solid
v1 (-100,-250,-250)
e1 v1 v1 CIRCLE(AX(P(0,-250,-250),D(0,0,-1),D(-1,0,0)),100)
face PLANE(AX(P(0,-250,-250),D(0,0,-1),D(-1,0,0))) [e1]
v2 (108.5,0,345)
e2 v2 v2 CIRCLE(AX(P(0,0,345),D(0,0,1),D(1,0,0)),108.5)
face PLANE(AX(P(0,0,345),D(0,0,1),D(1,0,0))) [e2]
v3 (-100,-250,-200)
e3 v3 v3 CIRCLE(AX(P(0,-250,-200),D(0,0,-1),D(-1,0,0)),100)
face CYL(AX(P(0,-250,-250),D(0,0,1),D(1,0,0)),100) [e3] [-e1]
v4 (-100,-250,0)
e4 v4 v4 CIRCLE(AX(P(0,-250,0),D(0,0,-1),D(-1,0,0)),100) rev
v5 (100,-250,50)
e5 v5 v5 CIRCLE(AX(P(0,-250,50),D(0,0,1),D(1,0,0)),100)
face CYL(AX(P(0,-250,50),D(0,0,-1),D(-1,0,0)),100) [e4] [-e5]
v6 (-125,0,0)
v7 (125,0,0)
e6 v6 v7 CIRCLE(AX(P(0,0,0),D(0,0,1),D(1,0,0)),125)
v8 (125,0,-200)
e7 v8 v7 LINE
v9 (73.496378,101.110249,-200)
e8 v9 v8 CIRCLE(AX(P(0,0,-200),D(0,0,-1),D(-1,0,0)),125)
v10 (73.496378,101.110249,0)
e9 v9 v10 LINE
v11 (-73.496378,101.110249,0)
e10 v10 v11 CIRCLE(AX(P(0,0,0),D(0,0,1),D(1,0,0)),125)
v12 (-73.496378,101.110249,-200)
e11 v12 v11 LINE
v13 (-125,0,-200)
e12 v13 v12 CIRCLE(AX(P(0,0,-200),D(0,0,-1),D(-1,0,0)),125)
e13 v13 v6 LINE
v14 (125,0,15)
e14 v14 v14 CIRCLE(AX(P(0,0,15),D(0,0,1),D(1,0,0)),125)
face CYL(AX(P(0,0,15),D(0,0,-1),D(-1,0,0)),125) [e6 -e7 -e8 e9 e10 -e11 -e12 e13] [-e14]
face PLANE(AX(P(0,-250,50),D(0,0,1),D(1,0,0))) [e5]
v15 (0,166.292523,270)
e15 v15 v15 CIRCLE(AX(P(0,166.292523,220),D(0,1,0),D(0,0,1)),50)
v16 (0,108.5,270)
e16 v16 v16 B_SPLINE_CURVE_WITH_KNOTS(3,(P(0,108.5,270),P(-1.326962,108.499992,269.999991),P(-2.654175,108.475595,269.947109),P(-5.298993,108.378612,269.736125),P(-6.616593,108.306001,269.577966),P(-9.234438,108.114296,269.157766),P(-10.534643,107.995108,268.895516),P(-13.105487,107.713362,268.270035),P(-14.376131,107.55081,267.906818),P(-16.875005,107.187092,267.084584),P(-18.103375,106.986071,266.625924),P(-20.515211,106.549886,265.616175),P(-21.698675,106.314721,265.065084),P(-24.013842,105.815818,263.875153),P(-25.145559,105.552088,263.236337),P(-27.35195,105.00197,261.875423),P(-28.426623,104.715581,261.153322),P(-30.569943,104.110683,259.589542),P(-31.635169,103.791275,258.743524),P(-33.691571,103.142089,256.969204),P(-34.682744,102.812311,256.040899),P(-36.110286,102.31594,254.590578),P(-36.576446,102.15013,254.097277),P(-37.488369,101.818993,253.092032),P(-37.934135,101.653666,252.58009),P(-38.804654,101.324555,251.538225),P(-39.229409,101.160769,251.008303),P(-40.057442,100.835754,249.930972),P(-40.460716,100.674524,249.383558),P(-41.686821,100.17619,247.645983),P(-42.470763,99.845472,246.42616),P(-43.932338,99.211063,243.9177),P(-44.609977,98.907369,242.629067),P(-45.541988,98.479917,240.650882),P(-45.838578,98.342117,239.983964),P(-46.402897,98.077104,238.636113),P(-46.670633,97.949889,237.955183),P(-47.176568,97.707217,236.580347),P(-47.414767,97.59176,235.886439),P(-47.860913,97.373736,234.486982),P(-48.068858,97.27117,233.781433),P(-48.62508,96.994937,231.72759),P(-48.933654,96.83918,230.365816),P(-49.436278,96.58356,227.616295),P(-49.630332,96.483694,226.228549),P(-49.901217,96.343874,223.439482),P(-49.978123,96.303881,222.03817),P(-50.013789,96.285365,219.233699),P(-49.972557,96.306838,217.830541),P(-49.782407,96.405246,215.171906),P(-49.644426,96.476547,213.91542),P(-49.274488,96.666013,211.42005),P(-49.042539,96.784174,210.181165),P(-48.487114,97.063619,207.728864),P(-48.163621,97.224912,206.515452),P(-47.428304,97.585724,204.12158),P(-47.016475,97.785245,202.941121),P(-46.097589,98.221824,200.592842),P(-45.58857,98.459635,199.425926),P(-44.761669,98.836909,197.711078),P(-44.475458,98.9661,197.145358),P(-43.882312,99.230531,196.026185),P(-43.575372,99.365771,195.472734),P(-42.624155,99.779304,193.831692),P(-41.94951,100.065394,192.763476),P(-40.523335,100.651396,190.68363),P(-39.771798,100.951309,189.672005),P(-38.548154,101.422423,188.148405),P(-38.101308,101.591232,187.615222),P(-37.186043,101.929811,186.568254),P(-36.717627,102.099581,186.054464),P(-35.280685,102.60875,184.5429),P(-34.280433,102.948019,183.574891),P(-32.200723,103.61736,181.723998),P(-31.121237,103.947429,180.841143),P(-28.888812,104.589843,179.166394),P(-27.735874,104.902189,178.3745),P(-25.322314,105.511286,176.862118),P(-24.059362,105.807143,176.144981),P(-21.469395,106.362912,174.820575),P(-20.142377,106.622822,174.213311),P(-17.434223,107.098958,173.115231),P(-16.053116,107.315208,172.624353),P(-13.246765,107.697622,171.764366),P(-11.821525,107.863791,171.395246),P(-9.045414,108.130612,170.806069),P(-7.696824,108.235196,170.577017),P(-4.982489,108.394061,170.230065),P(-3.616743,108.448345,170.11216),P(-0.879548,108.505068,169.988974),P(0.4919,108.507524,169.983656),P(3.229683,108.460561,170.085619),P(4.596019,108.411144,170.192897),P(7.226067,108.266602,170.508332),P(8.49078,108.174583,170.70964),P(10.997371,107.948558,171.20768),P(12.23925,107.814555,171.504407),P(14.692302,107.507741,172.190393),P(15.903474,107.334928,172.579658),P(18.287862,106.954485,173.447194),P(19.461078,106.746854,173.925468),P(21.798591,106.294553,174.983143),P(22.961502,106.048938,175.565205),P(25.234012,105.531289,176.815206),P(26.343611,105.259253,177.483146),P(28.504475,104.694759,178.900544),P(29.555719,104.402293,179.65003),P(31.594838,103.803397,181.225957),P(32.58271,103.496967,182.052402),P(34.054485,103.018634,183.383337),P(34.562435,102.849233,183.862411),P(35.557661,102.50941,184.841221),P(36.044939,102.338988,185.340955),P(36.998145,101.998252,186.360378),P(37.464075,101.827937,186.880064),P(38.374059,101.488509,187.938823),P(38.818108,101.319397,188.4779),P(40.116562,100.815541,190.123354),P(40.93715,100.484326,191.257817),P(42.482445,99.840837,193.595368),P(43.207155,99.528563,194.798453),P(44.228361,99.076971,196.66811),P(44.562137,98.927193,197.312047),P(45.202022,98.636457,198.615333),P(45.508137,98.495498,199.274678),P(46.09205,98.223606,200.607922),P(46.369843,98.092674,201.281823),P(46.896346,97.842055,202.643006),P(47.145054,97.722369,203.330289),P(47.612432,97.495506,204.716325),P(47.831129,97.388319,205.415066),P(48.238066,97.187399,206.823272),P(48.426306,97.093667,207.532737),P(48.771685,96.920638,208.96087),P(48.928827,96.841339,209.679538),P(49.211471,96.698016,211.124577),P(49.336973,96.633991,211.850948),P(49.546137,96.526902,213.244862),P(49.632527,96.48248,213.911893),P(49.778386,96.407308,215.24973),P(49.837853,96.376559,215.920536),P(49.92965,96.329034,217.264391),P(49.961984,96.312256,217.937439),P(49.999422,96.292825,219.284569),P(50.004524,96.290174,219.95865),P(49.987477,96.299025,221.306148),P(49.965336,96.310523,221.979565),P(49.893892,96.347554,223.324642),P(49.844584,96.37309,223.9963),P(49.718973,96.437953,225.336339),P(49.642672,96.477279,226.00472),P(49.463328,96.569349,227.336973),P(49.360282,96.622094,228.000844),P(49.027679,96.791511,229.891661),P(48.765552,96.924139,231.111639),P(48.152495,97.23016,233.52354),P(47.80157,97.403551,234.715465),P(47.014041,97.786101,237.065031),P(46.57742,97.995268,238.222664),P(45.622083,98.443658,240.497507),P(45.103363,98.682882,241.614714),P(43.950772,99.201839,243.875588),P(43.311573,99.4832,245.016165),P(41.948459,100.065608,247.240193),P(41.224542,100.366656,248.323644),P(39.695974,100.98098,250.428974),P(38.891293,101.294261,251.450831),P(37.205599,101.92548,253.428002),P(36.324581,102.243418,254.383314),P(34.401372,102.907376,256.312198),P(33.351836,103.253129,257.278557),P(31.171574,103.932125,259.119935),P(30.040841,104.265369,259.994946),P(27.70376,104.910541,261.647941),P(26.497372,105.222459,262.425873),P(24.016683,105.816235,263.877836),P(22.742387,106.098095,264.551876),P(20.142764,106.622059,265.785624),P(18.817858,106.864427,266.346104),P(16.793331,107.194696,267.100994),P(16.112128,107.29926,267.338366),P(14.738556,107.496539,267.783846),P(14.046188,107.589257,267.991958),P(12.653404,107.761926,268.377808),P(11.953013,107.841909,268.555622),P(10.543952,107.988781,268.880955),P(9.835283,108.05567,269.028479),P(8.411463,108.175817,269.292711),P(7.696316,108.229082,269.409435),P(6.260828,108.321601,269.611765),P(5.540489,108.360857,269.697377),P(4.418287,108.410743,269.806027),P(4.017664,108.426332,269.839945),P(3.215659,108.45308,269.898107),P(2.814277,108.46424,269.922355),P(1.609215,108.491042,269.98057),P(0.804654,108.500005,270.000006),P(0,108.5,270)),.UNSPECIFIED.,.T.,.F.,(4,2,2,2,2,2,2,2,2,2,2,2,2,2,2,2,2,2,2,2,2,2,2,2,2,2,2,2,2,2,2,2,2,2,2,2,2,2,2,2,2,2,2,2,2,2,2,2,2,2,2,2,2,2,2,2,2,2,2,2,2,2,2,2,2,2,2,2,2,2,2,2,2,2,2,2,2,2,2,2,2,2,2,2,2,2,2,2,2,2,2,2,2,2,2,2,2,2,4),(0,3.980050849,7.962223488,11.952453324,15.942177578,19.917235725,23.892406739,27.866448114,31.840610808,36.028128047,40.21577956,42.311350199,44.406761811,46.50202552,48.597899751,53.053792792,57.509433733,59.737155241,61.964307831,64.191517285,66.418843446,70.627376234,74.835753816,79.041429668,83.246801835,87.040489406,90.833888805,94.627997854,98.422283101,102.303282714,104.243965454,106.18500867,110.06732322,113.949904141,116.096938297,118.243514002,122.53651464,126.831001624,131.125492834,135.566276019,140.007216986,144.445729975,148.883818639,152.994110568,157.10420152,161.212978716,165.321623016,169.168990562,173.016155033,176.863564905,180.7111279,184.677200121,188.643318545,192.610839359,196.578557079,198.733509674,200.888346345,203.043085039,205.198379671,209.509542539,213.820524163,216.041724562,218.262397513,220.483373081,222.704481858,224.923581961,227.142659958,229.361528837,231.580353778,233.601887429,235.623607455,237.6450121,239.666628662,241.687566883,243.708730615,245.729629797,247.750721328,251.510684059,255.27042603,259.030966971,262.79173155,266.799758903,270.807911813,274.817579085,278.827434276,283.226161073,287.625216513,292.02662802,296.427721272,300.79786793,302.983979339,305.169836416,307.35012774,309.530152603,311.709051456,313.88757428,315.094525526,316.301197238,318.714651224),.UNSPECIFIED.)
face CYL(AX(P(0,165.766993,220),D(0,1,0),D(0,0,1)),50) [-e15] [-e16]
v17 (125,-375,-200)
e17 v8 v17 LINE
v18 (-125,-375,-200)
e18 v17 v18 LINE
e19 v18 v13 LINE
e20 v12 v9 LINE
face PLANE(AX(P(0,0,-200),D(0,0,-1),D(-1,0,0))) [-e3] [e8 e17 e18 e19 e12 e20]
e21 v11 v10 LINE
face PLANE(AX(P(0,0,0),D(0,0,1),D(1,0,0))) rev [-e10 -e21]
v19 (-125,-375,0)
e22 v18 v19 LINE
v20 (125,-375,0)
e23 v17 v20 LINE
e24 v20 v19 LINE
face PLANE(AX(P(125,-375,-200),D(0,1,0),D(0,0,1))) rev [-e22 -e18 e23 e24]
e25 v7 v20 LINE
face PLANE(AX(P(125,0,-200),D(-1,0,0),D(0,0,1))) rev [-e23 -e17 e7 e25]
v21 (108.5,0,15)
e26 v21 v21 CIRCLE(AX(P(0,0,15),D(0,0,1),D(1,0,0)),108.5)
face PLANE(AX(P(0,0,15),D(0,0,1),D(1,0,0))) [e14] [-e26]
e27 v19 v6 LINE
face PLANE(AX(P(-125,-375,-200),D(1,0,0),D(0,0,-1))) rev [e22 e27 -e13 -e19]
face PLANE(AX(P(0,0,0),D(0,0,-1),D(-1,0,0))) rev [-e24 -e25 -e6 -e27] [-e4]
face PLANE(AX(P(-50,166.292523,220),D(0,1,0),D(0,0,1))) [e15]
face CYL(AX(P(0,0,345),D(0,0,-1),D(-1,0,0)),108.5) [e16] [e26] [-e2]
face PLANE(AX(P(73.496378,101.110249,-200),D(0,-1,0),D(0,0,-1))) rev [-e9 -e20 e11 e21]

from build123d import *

# Parameters (mm, degrees)
SKETCH_1_R      = 125
EXTRUDE_1_DEPTH = 15
SKETCH_2_R      = 108.5
EXTRUDE_2_DEPTH = 330
SKETCH_4_W      = 50
SKETCH_4_H      = 70
EXTRUDE_4_DEPTH = 200
SKETCH_6_R      = 100
EXTRUDE_5_DEPTH = 50
SKETCH_7_R      = 100
EXTRUDE_6_DEPTH = 50


with BuildPart() as part:
    # 草图1 → 凸台-拉伸1 (new body)
    with BuildSketch(Plane.XY):
        Circle(SKETCH_1_R)
    extrude(amount=EXTRUDE_1_DEPTH)

    # 草图2 → 凸台-拉伸2 (add)
    with BuildSketch(Plane.XY.offset(15)):
        Circle(SKETCH_2_R)
    extrude(amount=EXTRUDE_2_DEPTH)

    # 草图4 → 旋转1 (revolve)
    with BuildSketch(Plane.XY.offset(220)):
        with Locations((-25, 131.292523074)):
            Rectangle(SKETCH_4_W, SKETCH_4_H)
    revolve(axis=Axis((0, 165.766992941, 220), (0, -1, 0)))

    # 草图5 → 凸台-拉伸4 (add)
    with BuildSketch(Plane(origin=(0, 0, 0), x_dir=(-1, 0, 0), z_dir=(0, 0, -1))):
        with BuildLine():
            Line((-73.496377584, 101.110249144), (73.496377584, 101.110249144))
            ThreePointArc((73.496377584, 101.110249144), (111.382330731, 56.736023838), (125, 0))
            Line((125, 0), (125, -375))
            Line((125, -375), (-125, -375))
            Line((-125, -375), (-125, 0))
            ThreePointArc((-125, 0), (-111.382330731, 56.736023838), (-73.496377584, 101.110249144))
        make_face()
    extrude(amount=EXTRUDE_4_DEPTH)

    # 草图6 → 凸台-拉伸5 (add)
    with BuildSketch(Plane(origin=(0, 0, -200), x_dir=(-1, 0, 0), z_dir=(0, 0, -1))):
        with Locations((0, -250)):
            Circle(SKETCH_6_R)
    extrude(amount=EXTRUDE_5_DEPTH)

    # 草图7 → 凸台-拉伸6 (add)
    with BuildSketch(Plane.XY):
        with Locations((0, -250)):
            Circle(SKETCH_7_R)
    extrude(amount=EXTRUDE_6_DEPTH)


solid = part.part
